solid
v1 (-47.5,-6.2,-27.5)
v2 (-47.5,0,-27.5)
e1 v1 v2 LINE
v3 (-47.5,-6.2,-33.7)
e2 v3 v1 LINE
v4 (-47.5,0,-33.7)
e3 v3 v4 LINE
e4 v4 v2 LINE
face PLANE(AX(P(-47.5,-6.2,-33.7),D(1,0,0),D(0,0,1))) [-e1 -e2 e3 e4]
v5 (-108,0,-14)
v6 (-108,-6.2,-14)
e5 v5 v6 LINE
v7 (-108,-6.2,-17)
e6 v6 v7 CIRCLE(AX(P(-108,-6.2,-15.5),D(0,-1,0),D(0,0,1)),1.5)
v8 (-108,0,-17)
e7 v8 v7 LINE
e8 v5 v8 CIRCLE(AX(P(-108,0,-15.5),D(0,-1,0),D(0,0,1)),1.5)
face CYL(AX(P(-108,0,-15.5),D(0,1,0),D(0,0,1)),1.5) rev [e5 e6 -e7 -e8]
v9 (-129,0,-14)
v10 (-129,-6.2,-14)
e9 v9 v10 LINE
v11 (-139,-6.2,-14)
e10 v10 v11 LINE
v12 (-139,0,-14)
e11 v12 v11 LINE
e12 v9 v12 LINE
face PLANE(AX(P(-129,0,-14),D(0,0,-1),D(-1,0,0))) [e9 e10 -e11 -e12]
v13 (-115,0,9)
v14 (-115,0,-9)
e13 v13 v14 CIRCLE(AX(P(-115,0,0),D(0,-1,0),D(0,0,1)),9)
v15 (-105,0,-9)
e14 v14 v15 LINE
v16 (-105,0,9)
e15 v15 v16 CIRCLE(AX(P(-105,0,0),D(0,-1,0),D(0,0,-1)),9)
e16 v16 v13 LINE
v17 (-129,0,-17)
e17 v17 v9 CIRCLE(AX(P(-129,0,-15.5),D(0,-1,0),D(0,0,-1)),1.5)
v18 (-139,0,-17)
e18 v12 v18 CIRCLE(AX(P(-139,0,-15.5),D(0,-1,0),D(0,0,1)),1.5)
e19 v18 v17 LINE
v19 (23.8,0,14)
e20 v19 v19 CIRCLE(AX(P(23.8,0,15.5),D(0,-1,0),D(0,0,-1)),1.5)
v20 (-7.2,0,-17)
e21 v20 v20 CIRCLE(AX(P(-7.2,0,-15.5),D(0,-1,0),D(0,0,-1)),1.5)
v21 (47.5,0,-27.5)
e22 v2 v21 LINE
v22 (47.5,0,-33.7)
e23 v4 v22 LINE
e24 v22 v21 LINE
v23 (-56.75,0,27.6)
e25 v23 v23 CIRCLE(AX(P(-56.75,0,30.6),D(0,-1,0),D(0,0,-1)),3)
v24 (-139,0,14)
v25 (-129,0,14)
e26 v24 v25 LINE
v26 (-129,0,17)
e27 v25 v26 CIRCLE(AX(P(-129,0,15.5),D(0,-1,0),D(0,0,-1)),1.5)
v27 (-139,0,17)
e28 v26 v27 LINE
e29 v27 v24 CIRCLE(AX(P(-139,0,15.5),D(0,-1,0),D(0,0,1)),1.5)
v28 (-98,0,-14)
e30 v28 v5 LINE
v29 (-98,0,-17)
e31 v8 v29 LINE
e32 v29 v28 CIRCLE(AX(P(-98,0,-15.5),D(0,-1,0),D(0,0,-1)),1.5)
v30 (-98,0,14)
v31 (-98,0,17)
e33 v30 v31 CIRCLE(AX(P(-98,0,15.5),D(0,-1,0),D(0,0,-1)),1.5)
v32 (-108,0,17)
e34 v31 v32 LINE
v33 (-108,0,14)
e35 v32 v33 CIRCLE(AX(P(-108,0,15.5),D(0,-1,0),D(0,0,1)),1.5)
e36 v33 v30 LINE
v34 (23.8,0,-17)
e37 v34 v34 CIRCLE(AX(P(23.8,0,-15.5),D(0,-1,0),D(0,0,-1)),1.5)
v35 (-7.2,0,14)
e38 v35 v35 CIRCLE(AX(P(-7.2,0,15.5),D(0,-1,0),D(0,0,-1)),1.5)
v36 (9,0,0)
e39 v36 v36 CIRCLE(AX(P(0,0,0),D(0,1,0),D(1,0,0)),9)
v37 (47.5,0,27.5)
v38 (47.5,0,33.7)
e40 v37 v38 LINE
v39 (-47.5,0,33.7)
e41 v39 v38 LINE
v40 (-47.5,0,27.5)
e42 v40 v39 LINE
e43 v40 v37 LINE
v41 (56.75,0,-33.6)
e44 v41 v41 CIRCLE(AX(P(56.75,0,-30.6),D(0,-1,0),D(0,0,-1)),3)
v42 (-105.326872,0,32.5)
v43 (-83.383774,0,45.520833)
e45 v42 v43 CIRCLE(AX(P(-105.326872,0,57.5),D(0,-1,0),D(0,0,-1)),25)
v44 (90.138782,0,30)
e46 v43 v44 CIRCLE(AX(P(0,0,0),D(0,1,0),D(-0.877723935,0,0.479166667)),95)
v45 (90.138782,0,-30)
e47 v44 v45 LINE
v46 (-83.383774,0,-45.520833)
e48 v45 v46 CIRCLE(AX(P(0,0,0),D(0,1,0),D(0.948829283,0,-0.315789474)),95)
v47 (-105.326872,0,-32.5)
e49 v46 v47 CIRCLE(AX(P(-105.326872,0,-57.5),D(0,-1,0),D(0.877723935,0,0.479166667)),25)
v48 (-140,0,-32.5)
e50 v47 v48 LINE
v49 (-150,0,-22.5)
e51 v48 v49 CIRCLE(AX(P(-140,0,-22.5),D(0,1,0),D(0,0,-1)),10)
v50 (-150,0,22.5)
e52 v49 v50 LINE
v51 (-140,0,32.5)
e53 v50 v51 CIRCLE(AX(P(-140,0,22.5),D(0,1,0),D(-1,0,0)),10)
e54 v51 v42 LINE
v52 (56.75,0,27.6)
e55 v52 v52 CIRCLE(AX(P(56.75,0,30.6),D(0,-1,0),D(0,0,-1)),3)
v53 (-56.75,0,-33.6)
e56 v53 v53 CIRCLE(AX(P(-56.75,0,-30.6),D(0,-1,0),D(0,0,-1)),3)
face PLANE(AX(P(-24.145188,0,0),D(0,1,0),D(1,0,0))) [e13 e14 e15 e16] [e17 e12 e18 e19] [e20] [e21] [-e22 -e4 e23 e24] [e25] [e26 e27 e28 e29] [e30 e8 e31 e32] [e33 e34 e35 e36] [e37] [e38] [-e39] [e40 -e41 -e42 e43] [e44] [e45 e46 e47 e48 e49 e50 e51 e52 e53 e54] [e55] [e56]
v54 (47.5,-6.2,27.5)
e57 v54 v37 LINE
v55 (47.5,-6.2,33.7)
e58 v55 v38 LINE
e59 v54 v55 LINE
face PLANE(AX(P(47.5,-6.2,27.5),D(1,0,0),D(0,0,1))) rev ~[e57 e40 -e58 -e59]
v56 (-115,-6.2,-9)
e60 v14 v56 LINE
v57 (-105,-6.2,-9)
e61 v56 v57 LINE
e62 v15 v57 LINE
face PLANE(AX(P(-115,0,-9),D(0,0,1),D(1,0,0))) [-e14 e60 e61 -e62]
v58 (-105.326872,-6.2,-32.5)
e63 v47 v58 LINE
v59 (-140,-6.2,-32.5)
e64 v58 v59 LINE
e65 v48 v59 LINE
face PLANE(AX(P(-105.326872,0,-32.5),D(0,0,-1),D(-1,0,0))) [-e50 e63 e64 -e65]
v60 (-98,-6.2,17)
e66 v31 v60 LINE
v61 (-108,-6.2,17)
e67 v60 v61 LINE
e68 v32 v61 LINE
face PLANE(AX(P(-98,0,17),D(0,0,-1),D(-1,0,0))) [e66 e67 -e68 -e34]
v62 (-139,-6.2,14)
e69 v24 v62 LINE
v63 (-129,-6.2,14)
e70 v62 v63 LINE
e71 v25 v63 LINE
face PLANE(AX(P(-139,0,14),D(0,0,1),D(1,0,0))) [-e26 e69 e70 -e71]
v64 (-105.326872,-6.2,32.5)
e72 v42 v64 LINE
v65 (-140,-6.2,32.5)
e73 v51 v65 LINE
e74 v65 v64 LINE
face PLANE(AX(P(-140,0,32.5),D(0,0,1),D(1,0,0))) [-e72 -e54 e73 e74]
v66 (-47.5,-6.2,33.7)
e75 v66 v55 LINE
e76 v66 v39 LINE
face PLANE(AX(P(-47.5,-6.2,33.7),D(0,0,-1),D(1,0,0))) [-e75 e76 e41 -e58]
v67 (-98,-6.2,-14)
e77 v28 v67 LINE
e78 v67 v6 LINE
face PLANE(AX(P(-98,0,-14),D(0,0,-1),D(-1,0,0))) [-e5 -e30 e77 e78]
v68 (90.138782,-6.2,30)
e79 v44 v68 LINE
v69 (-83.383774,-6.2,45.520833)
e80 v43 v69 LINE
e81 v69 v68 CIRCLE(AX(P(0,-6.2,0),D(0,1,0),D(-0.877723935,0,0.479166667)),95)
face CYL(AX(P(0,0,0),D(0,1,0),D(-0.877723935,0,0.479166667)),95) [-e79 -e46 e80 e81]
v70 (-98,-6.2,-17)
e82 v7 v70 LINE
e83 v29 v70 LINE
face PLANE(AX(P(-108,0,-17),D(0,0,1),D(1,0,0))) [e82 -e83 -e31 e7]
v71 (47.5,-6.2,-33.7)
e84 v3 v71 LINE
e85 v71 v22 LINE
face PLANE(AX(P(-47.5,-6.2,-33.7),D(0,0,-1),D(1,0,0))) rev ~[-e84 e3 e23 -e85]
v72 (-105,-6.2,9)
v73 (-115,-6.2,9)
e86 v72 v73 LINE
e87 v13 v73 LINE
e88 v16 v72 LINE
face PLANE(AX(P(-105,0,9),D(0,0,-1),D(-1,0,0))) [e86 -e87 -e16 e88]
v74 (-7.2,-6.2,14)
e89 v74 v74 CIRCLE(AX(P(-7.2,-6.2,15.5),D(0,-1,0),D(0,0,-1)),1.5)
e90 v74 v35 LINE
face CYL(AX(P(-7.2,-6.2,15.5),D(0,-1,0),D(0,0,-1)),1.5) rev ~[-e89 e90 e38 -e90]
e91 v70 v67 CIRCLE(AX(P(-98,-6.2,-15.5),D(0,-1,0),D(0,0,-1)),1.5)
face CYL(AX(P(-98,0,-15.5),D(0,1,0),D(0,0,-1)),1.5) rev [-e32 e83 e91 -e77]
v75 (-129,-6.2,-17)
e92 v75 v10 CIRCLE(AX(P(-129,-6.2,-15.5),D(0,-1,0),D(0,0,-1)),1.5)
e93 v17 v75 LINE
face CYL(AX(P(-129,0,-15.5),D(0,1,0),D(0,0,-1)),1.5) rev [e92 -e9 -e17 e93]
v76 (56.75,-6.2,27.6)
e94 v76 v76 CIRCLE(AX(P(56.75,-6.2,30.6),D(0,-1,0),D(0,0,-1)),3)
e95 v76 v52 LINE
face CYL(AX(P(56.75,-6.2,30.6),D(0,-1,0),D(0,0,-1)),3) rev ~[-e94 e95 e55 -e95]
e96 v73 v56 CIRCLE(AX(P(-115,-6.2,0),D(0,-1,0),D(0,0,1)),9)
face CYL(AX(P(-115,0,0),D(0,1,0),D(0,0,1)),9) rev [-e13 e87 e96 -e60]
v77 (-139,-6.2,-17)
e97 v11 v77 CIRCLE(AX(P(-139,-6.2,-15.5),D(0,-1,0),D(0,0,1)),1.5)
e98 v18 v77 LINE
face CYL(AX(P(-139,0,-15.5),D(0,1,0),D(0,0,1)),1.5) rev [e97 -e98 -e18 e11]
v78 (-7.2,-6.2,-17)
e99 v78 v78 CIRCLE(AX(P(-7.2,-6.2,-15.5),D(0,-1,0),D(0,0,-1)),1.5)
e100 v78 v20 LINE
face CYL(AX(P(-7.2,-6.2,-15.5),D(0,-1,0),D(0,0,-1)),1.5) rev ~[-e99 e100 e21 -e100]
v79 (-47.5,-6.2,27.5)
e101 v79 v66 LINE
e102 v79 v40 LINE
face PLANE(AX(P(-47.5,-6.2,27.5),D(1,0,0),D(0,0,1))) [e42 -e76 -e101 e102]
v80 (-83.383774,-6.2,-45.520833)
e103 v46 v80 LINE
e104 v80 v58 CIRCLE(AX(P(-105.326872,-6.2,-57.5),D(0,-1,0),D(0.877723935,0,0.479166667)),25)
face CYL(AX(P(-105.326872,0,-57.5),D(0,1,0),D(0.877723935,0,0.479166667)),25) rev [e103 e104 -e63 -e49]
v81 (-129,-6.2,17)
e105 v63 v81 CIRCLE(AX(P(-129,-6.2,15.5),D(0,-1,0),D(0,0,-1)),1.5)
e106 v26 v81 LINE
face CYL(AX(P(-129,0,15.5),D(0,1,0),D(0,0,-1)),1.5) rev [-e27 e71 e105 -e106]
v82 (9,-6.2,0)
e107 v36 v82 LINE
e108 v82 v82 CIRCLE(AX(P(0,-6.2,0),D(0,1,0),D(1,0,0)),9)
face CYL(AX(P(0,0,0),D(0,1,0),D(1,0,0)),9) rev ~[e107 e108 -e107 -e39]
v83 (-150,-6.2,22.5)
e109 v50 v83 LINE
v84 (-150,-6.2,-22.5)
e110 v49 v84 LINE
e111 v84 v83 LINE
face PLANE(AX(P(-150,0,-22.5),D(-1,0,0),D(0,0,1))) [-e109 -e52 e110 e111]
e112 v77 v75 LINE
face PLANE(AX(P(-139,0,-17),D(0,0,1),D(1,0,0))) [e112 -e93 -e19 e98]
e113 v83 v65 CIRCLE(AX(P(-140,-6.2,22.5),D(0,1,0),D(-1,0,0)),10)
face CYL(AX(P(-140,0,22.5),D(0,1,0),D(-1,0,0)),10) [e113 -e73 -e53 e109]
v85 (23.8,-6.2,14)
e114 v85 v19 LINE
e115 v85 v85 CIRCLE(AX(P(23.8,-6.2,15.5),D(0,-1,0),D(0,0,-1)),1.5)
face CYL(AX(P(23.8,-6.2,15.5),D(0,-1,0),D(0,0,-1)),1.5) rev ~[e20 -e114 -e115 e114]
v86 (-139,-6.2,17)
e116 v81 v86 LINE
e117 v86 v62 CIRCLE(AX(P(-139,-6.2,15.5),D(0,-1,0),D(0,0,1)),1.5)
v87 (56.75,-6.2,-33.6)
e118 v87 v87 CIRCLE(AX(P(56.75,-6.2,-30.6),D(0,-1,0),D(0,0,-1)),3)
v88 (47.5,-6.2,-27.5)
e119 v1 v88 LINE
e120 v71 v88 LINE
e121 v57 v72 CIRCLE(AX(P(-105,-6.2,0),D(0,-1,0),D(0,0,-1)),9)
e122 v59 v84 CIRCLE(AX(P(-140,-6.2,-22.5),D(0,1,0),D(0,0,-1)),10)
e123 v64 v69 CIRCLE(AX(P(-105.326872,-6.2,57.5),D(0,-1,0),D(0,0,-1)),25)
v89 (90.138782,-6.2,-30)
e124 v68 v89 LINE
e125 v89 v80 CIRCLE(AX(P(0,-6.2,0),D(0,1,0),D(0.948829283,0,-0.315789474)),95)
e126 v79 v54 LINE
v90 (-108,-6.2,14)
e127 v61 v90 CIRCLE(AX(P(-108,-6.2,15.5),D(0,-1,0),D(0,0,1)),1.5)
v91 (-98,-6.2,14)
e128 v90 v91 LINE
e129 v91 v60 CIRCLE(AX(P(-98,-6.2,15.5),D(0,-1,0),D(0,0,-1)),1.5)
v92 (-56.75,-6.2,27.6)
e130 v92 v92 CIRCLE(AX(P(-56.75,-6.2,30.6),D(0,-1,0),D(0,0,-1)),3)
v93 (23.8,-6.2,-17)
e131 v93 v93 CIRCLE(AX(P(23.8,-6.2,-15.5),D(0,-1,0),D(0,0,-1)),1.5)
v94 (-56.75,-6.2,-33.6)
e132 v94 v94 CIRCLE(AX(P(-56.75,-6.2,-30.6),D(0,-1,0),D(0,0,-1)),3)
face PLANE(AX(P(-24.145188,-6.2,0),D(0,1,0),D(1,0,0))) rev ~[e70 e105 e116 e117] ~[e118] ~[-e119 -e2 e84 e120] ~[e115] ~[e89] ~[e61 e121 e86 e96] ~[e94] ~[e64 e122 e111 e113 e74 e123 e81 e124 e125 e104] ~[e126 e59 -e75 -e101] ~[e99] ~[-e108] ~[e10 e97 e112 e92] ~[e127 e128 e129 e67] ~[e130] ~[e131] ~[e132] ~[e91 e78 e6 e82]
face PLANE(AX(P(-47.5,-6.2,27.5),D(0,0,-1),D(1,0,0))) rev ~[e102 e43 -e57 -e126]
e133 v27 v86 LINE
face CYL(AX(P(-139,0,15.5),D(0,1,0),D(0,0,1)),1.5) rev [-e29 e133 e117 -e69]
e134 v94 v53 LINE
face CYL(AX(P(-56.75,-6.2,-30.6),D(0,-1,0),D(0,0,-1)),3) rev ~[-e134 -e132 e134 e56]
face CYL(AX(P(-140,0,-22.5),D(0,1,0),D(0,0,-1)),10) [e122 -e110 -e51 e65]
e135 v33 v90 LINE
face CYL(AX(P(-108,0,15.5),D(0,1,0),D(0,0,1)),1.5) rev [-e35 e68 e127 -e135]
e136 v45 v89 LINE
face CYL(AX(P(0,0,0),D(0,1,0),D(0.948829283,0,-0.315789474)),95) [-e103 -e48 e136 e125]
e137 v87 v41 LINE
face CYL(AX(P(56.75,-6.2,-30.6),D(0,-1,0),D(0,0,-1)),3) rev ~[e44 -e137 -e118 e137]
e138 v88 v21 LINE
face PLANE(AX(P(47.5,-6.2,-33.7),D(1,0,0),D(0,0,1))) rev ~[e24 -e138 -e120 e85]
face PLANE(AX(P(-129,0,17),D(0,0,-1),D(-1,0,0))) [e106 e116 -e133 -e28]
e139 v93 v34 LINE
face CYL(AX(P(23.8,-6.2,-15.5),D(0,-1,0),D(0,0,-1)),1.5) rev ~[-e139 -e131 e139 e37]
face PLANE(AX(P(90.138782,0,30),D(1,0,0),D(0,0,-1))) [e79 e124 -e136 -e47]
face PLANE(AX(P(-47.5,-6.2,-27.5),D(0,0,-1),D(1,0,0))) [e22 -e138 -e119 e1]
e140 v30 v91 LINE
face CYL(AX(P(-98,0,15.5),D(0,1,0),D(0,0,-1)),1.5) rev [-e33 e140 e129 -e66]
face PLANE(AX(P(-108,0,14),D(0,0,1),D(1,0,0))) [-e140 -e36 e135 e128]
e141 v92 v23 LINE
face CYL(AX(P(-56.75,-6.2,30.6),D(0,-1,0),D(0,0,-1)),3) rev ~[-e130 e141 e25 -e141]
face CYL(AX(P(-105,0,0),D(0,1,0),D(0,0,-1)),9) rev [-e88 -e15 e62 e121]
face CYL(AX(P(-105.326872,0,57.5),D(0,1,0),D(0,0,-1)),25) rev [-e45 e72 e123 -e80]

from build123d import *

# Parameters (mm, degrees)
SKETCH1_R           = 9
BOSS_EXTRUDE1_DEPTH = 6.2
CUT_EXTRUDE1_REACH  = 179.661
SKETCH2_R           = 1.5
CUT_EXTRUDE2_REACH  = 179.661
SKETCH3_R           = 3
LPATTERN1_COUNT     = 2
LPATTERN1_PITCH     = 61.2
CUT_EXTRUDE3_REACH  = 179.661
SKETCH5_W           = 95
SKETCH5_H           = 6.2


with BuildPart() as part:
    # Sketch1 → Boss-Extrude1 (new body)
    with BuildSketch(Plane(origin=(0, 0, 0), x_dir=(1, 0, 0), z_dir=(0, 1, 0))):
        with BuildLine():
            ThreePointArc((-140, 32.5), (-147.071067812, 29.571067812), (-150, 22.5))
            Line((-150, 22.5), (-150, -22.5))
            ThreePointArc((-150, -22.5), (-147.071067812, -29.571067812), (-140, -32.5))
            Line((-140, -32.5), (-105.326872165, -32.5))
            ThreePointArc((-105.326872165, -32.5), (-92.569113088, -36.000242249), (-83.383773797, -45.520833333))
            ThreePointArc((-83.383773797, -45.520833333), (8.463545381, -94.622240512), (90.138781887, -30))
            Line((90.138781887, -30), (90.138781887, 30))
            ThreePointArc((90.138781887, 30), (8.463545381, 94.622240512), (-83.383773797, 45.520833333))
            ThreePointArc((-83.383773797, 45.520833333), (-92.569113088, 36.000242249), (-105.326872165, 32.5))
            Line((-105.326872165, 32.5), (-140, 32.5))
        make_face()
        with BuildLine():
            ThreePointArc((-139, -17), (-140.5, -15.5), (-139, -14))
            Line((-139, -14), (-129, -14))
            ThreePointArc((-129, -14), (-127.5, -15.5), (-129, -17))
            Line((-129, -17), (-139, -17))
        make_face(mode=Mode.SUBTRACT)
        with BuildLine():
            ThreePointArc((-108, -17), (-109.5, -15.5), (-108, -14))
            Line((-108, -14), (-98, -14))
            ThreePointArc((-98, -14), (-96.5, -15.5), (-98, -17))
            Line((-98, -17), (-108, -17))
        make_face(mode=Mode.SUBTRACT)
        with BuildLine():
            ThreePointArc((-115, -9), (-124, 0), (-115, 9))
            Line((-115, 9), (-105, 9))
            ThreePointArc((-105, 9), (-96, 0), (-105, -9))
            Line((-105, -9), (-115, -9))
        make_face(mode=Mode.SUBTRACT)
        Circle(SKETCH1_R, mode=Mode.SUBTRACT)
        with BuildLine():
            ThreePointArc((-139, 14), (-140.5, 15.5), (-139, 17))
            Line((-139, 17), (-129, 17))
            ThreePointArc((-129, 17), (-127.5, 15.5), (-129, 14))
            Line((-129, 14), (-139, 14))
        make_face(mode=Mode.SUBTRACT)
        with BuildLine():
            ThreePointArc((-108, 14), (-109.5, 15.5), (-108, 17))
            Line((-108, 17), (-98, 17))
            ThreePointArc((-98, 17), (-96.5, 15.5), (-98, 14))
            Line((-98, 14), (-108, 14))
        make_face(mode=Mode.SUBTRACT)
    extrude(amount=-BOSS_EXTRUDE1_DEPTH)

    # Sketch2 → Cut-Extrude1 (cut, up to next)
    with BuildSketch(Plane.XZ.offset(6.2), mode=Mode.PRIVATE) as cut_extrude1_sk1:
        with Locations(Location((-7.2, 15.5, 0), (0, 0, 270))):
            Circle(SKETCH2_R)
    cut_extrude1_tool1 = extrude(cut_extrude1_sk1.sketch, amount=-CUT_EXTRUDE1_REACH, mode=Mode.PRIVATE) & part.part
    # Sketch2 → Cut-Extrude1 (cut, up to next)
    with BuildSketch(Plane.XZ.offset(6.2), mode=Mode.PRIVATE) as cut_extrude1_sk2:
        with Locations(Location((-7.2, -15.5, 0), (0, 0, 270))):
            Circle(SKETCH2_R)
    cut_extrude1_tool2 = extrude(cut_extrude1_sk2.sketch, amount=-CUT_EXTRUDE1_REACH, mode=Mode.PRIVATE) & part.part
    # Sketch2 → Cut-Extrude1 (cut, up to next)
    with BuildSketch(Plane.XZ.offset(6.2), mode=Mode.PRIVATE) as cut_extrude1_sk3:
        with Locations(Location((23.8, 15.5, 0), (0, 0, 270))):
            Circle(SKETCH2_R)
    cut_extrude1_tool3 = extrude(cut_extrude1_sk3.sketch, amount=-CUT_EXTRUDE1_REACH, mode=Mode.PRIVATE) & part.part
    # Sketch2 → Cut-Extrude1 (cut, up to next)
    with BuildSketch(Plane.XZ.offset(6.2), mode=Mode.PRIVATE) as cut_extrude1_sk4:
        with Locations(Location((23.8, -15.5, 0), (0, 0, 270))):
            Circle(SKETCH2_R)
    cut_extrude1_tool4 = extrude(cut_extrude1_sk4.sketch, amount=-CUT_EXTRUDE1_REACH, mode=Mode.PRIVATE) & part.part
    add(cut_extrude1_tool1.solids().sort_by_distance((-7.2, -6.2, 15.5))[0], mode=Mode.SUBTRACT)
    add(cut_extrude1_tool2.solids().sort_by_distance((-7.2, -6.2, -15.5))[0], mode=Mode.SUBTRACT)
    add(cut_extrude1_tool3.solids().sort_by_distance((23.8, -6.2, 15.5))[0], mode=Mode.SUBTRACT)
    add(cut_extrude1_tool4.solids().sort_by_distance((23.8, -6.2, -15.5))[0], mode=Mode.SUBTRACT)

    # Sketch3 → Cut-Extrude2 (cut, up to next)
    with BuildSketch(Plane.XZ.offset(6.2), mode=Mode.PRIVATE) as cut_extrude2_sk1:
        with Locations(Location((-56.75, -30.6, 0), (0, 0, 270))):
            Circle(SKETCH3_R)
    cut_extrude2_tool1 = extrude(cut_extrude2_sk1.sketch, amount=-CUT_EXTRUDE2_REACH, mode=Mode.PRIVATE) & part.part
    # Sketch3 → Cut-Extrude2 (cut, up to next)
    with BuildSketch(Plane.XZ.offset(6.2), mode=Mode.PRIVATE) as cut_extrude2_sk2:
        with Locations(Location((56.75, -30.6, 0), (0, 0, 270))):
            Circle(SKETCH3_R)
    cut_extrude2_tool2 = extrude(cut_extrude2_sk2.sketch, amount=-CUT_EXTRUDE2_REACH, mode=Mode.PRIVATE) & part.part
    cut_extrude2_1 = cut_extrude2_tool1.solids().sort_by_distance((-56.75, -6.2, -30.6))[0]
    add(cut_extrude2_1, mode=Mode.SUBTRACT)
    cut_extrude2_2 = cut_extrude2_tool2.solids().sort_by_distance((56.75, -6.2, -30.6))[0]
    add(cut_extrude2_2, mode=Mode.SUBTRACT)
    cut_extrude2 = cut_extrude2_1 + cut_extrude2_2  # Cut-Extrude2 as one shape, for the pattern or mirror that repeats it

    # LPattern1: Cut-Extrude2 ×2
    with Locations(*[(0, 0, i * LPATTERN1_PITCH) for i in range(1, LPATTERN1_COUNT)]):
        add(cut_extrude2, mode=Mode.SUBTRACT)

    # Sketch5 → Cut-Extrude3 (cut, up to next)
    with BuildSketch(Plane.XZ.offset(6.2), mode=Mode.PRIVATE) as cut_extrude3_sk1:
        with Locations((0, 30.6)):
            Rectangle(SKETCH5_W, SKETCH5_H)
    cut_extrude3_tool1 = extrude(cut_extrude3_sk1.sketch, amount=-CUT_EXTRUDE3_REACH, mode=Mode.PRIVATE) & part.part
    # Sketch5 → Cut-Extrude3 (cut, up to next)
    with BuildSketch(Plane.XZ.offset(6.2), mode=Mode.PRIVATE) as cut_extrude3_sk2:
        with Locations((0, -30.6)):
            Rectangle(SKETCH5_W, SKETCH5_H)
    cut_extrude3_tool2 = extrude(cut_extrude3_sk2.sketch, amount=-CUT_EXTRUDE3_REACH, mode=Mode.PRIVATE) & part.part
    add(cut_extrude3_tool1.solids().sort_by_distance((0, -6.2, 30.6))[0], mode=Mode.SUBTRACT)
    add(cut_extrude3_tool2.solids().sort_by_distance((0, -6.2, -30.6))[0], mode=Mode.SUBTRACT)


solid = part.part
